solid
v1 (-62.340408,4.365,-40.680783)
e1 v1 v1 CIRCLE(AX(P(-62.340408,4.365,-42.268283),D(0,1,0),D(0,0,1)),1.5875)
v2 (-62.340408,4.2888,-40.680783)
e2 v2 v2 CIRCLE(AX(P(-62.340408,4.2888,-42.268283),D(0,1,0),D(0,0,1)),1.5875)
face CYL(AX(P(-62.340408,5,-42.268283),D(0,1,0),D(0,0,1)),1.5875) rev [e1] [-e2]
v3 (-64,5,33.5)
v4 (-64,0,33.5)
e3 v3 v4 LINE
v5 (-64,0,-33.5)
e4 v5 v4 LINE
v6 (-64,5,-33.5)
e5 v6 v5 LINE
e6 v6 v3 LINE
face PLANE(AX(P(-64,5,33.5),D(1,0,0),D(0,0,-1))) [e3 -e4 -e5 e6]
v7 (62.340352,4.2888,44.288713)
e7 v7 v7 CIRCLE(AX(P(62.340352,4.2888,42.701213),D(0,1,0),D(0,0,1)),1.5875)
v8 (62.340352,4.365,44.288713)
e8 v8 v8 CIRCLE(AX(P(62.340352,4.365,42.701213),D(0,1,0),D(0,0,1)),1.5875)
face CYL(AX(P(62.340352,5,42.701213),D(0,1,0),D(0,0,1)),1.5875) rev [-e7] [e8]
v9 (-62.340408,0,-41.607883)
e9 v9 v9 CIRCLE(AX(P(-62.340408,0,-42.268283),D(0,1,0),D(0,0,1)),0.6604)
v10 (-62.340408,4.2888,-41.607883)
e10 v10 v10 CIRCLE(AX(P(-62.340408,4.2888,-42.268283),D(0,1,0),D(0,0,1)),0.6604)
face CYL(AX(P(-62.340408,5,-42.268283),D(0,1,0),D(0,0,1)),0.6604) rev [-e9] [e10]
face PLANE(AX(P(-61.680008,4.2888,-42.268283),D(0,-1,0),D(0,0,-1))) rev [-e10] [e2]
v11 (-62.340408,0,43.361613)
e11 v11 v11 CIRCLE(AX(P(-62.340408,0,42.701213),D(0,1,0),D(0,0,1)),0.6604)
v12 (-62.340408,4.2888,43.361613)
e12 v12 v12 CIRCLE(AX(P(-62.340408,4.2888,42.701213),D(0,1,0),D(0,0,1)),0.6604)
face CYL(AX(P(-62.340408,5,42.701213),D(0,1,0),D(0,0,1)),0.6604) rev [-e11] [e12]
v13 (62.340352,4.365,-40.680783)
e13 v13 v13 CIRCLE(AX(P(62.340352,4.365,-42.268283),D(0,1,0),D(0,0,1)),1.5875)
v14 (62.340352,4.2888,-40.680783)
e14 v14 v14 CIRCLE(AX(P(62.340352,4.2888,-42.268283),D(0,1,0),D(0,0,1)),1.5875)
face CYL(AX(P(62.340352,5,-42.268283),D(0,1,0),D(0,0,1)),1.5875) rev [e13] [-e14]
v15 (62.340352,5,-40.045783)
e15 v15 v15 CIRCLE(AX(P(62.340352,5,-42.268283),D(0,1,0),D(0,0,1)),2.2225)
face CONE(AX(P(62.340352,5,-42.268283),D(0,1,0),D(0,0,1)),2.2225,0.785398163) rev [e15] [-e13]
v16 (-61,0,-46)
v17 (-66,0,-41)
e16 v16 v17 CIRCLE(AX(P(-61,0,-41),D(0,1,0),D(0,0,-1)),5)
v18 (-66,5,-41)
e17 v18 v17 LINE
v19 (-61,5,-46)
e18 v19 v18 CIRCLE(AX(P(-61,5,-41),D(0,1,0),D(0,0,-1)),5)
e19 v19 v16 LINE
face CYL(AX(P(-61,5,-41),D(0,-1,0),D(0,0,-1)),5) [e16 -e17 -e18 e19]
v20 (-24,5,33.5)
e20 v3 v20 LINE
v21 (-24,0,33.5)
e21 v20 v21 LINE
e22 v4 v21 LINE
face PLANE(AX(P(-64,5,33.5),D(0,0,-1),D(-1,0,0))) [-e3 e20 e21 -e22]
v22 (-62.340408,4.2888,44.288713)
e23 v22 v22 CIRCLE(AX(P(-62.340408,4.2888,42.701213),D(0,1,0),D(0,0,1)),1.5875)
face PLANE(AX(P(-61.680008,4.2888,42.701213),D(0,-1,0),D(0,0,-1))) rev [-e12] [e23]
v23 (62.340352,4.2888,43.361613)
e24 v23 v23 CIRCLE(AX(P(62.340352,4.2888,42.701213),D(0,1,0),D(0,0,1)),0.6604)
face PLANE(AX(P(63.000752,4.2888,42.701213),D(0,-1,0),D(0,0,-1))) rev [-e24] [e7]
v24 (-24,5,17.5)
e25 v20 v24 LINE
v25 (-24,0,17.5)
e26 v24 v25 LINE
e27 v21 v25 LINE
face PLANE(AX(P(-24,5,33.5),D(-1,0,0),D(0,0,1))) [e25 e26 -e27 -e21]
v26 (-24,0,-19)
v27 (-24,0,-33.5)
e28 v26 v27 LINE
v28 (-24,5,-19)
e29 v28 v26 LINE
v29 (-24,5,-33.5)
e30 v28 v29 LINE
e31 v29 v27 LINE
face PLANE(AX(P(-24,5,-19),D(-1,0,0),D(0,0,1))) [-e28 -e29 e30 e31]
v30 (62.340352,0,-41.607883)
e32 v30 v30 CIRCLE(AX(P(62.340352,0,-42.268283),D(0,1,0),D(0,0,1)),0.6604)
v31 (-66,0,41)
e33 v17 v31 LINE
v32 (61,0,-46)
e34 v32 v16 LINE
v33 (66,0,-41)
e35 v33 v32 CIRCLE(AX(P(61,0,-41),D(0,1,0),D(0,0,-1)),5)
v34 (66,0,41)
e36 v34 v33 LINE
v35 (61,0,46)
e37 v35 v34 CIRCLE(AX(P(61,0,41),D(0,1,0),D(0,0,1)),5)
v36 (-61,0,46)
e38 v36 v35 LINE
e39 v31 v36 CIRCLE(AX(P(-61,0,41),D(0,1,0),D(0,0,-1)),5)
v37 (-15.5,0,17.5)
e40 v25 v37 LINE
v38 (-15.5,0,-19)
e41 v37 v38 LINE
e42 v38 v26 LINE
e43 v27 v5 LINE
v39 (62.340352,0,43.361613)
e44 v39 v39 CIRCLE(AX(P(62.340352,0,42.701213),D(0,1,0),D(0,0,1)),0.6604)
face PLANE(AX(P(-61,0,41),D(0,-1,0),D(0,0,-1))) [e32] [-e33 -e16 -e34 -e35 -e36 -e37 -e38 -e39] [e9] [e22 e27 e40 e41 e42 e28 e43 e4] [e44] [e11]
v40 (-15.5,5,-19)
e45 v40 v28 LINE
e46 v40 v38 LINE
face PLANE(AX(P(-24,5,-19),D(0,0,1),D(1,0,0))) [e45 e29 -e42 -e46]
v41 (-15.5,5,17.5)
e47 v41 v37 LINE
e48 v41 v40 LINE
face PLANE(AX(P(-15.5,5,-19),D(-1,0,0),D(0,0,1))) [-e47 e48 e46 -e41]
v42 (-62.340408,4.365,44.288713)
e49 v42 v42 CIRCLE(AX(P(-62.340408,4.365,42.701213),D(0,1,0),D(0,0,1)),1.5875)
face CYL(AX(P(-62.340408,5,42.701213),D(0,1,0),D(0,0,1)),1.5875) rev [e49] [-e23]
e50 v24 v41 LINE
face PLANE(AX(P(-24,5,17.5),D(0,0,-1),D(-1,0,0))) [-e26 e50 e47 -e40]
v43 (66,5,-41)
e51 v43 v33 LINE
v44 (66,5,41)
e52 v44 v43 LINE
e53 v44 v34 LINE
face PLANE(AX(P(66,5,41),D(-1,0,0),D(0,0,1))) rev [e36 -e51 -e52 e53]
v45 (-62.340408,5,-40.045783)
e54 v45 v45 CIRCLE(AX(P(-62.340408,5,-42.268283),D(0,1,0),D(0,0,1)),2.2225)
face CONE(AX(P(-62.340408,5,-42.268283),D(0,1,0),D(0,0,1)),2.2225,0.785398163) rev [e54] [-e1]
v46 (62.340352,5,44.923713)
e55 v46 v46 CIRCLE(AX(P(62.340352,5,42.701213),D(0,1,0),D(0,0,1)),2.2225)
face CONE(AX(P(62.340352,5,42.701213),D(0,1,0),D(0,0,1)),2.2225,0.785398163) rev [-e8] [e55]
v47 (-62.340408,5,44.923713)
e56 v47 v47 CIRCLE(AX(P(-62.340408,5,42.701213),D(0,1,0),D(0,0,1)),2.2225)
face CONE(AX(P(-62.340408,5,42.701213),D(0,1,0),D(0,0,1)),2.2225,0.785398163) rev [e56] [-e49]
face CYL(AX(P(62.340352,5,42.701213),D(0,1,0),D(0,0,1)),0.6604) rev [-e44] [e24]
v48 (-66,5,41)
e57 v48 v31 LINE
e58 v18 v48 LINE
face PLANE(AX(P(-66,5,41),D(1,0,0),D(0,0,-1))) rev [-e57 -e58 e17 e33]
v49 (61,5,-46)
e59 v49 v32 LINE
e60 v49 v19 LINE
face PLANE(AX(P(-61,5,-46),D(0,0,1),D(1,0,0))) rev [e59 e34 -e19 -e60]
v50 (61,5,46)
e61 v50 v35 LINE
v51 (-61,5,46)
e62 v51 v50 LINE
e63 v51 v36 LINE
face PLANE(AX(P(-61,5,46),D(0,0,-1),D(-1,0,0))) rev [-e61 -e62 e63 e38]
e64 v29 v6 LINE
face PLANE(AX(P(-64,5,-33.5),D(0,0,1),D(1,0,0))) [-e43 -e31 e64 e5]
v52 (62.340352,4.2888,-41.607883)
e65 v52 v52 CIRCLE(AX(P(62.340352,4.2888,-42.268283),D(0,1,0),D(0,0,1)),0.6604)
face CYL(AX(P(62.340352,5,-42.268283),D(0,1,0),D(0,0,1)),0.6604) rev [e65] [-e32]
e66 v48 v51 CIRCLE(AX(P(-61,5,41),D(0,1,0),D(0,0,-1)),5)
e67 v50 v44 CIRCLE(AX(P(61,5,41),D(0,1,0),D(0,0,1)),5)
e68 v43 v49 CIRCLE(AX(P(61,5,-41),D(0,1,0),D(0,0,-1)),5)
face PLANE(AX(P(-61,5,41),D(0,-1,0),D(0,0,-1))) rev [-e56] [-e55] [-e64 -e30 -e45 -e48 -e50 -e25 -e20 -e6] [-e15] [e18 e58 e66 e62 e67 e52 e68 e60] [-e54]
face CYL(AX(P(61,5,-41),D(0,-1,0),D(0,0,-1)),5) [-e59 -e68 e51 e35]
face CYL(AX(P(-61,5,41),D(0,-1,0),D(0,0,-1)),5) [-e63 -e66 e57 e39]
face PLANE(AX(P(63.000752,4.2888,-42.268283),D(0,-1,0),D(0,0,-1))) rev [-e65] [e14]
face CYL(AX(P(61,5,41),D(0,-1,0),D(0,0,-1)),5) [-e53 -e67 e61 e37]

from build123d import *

# Parameters (mm, degrees)
BOSS_EXTRUDE1_DEPTH                         = 5
CBORE_FOR_00_BINDING_HEAD_MACHINE_S_2_COUNT = 2
CBORE_FOR_00_BINDING_HEAD_MACHINE_S_2_PITCH = 124.680760017
CBORE_FOR_00_BINDING_HEAD_MACHINE_S_3_COUNT = 2
CBORE_FOR_00_BINDING_HEAD_MACHINE_S_3_PITCH = 84.969496715
CBORE_FOR_00_BINDING_HEAD_MACHINE_S_4_COUNT = 2
CBORE_FOR_00_BINDING_HEAD_MACHINE_S_4_PITCH = 150.881103158


with BuildPart() as part:
    # Sketch2 → Boss-Extrude1 (new body)
    with BuildSketch(Plane(origin=(0, 0, 0), x_dir=(1, 0, 0), z_dir=(0, 1, 0))):
        with BuildLine():
            Line((-61, -46), (61, -46))
            ThreePointArc((61, -46), (64.535533906, -44.535533906), (66, -41))
            Line((66, -41), (66, 41))
            ThreePointArc((66, 41), (64.535533906, 44.535533906), (61, 46))
            Line((61, 46), (-61, 46))
            ThreePointArc((-61, 46), (-64.535533906, 44.535533906), (-66, 41))
            Line((-66, 41), (-66, -41))
            ThreePointArc((-66, -41), (-64.535533906, -44.535533906), (-61, -46))
        make_face()
        Polygon((-64, -33.5), (-24, -33.5), (-24, -17.5), (-15.5, -17.5), (-15.5, 19), (-24, 19), (-24, 33.5), (-64, 33.5), align=None, mode=Mode.SUBTRACT)
    extrude(amount=BOSS_EXTRUDE1_DEPTH)

    # Sketch5 → CBORE for #00 Binding Head Machine Screw1 (revolve, cut)
    with BuildSketch(Plane(origin=(-62.340407583, 5, -42.268283337), x_dir=(0, 0, 1), z_dir=(1, 0, 0))):
        Polygon((0, 0), (0, 5.396808353), (0.6604, 5), (0.6604, 0.7112), (1.5875, 0.7112), (1.5875, 0.635), (2.2225, 0), align=None)
    cbore_for_00_binding_head_machine_screw = revolve(axis=Axis((-62.340407583, 11.35, -42.268283337), (0, -1, 0)), mode=Mode.SUBTRACT)

    # CBORE for _00 Binding Head Machine S 2: CBORE for #00 Binding Head Machine Screw1 ×2
    with Locations(*[(i * CBORE_FOR_00_BINDING_HEAD_MACHINE_S_2_PITCH, 0, 0) for i in range(1, CBORE_FOR_00_BINDING_HEAD_MACHINE_S_2_COUNT)]):
        add(cbore_for_00_binding_head_machine_screw, mode=Mode.SUBTRACT)

    # CBORE for _00 Binding Head Machine S 3: CBORE for #00 Binding Head Machine Screw1 ×2
    with Locations(*[(0, 0, i * CBORE_FOR_00_BINDING_HEAD_MACHINE_S_3_PITCH) for i in range(1, CBORE_FOR_00_BINDING_HEAD_MACHINE_S_3_COUNT)]):
        add(cbore_for_00_binding_head_machine_screw, mode=Mode.SUBTRACT)

    # CBORE for _00 Binding Head Machine S 4: CBORE for #00 Binding Head Machine Screw1 ×2
    with Locations(*[Vector(0.8263510632316995, 0, 0.563155325195314) * (i * CBORE_FOR_00_BINDING_HEAD_MACHINE_S_4_PITCH) for i in range(1, CBORE_FOR_00_BINDING_HEAD_MACHINE_S_4_COUNT)]):
        add(cbore_for_00_binding_head_machine_screw, mode=Mode.SUBTRACT)


solid = part.part
